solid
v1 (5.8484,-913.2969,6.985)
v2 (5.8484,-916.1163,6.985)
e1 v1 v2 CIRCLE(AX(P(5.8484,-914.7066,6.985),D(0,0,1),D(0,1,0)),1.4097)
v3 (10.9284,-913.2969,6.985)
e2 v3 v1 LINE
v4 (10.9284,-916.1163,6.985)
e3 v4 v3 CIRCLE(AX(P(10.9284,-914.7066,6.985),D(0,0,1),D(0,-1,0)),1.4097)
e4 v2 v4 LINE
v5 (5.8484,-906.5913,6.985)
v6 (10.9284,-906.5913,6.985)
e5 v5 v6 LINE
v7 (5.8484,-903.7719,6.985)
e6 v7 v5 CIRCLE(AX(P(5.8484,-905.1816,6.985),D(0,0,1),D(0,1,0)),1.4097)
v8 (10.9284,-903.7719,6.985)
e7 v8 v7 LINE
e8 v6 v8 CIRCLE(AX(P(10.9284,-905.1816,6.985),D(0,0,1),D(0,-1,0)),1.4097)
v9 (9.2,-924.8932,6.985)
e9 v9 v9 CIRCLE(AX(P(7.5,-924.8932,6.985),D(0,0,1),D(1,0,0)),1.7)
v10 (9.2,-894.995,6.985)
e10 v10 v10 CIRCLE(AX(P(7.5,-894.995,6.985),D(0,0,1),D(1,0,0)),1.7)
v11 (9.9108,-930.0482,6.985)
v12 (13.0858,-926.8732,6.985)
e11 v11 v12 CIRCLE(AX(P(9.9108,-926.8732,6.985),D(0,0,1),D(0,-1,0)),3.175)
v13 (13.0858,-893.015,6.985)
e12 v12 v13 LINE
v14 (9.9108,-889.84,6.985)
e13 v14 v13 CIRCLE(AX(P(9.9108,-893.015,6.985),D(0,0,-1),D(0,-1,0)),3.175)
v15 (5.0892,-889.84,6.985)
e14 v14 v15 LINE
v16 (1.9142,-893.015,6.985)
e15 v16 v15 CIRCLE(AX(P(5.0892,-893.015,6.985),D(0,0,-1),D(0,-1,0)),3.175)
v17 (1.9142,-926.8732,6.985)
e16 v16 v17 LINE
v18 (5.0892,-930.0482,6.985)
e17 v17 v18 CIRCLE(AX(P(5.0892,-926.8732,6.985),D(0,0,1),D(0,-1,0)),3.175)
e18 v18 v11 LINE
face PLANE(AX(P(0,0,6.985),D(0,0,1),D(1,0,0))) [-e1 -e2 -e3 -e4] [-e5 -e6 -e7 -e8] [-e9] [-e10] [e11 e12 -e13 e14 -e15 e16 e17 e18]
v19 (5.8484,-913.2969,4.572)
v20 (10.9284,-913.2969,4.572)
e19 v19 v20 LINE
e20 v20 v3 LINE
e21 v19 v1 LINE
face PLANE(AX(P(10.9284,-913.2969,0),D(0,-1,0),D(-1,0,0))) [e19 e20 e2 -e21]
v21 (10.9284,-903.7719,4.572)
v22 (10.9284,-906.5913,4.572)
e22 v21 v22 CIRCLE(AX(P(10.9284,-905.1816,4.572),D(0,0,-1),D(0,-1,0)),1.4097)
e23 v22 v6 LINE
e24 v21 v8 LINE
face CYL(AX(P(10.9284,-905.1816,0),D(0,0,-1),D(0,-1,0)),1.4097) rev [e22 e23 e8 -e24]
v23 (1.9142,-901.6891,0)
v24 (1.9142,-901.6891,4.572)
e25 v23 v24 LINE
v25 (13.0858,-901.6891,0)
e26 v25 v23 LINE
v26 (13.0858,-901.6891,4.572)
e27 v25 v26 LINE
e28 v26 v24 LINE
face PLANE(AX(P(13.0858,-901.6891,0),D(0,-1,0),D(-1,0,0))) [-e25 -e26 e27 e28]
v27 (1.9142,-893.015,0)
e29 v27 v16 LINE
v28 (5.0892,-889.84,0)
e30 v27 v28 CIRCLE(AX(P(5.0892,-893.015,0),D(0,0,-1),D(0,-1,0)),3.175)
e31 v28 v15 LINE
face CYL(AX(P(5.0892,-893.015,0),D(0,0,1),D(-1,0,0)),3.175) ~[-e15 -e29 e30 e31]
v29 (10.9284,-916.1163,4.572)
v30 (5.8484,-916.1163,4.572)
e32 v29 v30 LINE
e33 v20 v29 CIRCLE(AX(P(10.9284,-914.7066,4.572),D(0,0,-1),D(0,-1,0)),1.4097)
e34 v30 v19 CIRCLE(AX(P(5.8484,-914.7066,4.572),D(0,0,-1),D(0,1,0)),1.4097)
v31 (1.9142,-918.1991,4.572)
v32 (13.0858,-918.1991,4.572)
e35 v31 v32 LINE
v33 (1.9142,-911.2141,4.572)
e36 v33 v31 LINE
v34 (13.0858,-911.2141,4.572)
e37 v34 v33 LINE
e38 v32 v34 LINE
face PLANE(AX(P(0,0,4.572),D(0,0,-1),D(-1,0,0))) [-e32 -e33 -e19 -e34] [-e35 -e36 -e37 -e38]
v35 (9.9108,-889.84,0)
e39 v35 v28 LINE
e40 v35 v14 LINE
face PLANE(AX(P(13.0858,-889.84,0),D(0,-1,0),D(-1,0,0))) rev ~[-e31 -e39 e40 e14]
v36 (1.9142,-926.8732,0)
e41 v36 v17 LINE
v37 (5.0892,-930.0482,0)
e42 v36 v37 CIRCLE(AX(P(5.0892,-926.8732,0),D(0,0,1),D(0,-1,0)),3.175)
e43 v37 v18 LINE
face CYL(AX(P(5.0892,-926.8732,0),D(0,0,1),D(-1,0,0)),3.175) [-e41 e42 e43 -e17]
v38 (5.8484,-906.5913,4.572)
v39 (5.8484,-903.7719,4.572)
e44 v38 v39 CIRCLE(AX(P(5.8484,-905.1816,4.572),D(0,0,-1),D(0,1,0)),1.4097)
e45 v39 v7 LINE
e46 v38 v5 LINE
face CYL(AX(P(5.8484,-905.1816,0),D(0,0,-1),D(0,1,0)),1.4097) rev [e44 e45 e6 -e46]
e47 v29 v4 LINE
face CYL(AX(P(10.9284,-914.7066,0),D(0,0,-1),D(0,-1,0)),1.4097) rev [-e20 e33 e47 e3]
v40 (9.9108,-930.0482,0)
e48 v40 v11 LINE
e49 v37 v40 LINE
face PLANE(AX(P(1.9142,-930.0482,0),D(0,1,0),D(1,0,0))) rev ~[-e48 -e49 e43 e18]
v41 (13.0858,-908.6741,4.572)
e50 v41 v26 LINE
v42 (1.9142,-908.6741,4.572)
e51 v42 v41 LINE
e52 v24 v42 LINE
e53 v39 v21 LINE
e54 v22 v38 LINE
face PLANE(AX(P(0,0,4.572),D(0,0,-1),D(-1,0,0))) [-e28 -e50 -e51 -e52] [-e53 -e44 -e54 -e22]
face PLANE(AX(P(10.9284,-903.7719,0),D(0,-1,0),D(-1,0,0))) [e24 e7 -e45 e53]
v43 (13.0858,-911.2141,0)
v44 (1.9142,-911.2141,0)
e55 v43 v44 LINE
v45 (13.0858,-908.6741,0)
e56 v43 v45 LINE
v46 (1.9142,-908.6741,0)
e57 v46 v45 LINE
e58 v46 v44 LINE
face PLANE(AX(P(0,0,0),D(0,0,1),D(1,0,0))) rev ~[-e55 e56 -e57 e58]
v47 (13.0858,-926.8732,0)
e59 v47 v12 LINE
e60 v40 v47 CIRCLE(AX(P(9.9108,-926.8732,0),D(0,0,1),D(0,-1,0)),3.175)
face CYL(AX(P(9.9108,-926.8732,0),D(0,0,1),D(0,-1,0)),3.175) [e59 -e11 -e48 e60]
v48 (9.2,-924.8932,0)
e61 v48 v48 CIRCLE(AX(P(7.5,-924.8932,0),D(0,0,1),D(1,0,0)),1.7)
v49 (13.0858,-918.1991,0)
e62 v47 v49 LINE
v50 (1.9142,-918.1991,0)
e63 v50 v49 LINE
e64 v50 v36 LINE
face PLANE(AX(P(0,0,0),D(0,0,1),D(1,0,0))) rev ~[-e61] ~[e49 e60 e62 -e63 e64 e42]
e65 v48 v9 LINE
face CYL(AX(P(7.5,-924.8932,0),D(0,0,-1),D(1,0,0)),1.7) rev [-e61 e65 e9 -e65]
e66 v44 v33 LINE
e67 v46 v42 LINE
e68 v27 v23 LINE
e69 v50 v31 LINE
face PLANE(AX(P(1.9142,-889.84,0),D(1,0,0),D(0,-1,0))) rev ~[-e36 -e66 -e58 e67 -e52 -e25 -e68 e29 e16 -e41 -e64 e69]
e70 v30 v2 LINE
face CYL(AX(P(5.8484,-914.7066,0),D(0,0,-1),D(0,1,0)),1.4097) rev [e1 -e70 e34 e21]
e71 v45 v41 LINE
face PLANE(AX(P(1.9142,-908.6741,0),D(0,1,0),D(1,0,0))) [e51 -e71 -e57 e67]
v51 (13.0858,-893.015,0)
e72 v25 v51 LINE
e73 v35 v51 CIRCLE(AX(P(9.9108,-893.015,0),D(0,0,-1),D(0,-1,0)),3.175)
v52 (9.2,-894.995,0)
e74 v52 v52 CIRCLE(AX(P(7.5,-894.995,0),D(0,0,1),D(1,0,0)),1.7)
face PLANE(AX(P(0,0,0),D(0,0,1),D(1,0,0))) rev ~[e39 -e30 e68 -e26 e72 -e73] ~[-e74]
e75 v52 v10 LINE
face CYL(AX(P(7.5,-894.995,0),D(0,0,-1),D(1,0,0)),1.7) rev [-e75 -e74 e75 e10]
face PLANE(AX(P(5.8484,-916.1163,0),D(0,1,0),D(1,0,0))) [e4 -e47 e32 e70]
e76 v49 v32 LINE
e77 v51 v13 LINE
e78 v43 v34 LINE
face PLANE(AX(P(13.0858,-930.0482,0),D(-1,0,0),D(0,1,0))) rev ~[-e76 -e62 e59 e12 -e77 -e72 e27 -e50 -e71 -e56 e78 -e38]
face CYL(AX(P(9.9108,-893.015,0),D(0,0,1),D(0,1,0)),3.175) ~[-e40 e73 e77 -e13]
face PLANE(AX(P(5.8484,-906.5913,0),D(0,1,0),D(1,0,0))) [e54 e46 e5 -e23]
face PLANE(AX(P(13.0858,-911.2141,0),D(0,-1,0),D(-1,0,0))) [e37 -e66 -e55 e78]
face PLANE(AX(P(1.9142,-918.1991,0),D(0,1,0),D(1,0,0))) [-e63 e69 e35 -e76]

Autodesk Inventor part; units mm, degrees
ref_plane "YZ Plane" through (0, 0, 0) normal (1, 0, 0) x (0, 1, 0)
ref_plane "XZ Plane" through (0, 0, 0) normal (0, 1, 0) x (-1, 0, 0)
ref_plane "Work Plane1" through (0, 0, 0) normal (0, 0, 1) x (1, 0, 0)
ref_plane "Work Plane2" through (0, 0, 0) normal (0, 0, 1) x (1, 0, 0)
sketch "Sketch2" plane through (0, 0, 0) normal (0, 0, 1) x (1, 0, 0)
  line L0 (1.9142, -654.4) -> (1.9142, -1000) construction
  line L1 (13.0858, -1000) -> (13.0858, -654.4) construction
  line L2 (10.8204, -900) -> (1.905, -900) construction
  line L3 (1.1684, -919.8882) -> (10.8204, -919.8882) construction
  circle A0 centre (8.3884, -914.7066) radius 1.1938 construction
  circle A1 centre (8.3884, -905.1816) radius 1.1938 construction
  line L4 (1.9142, -930.0482) -> (13.0858, -930.0482)
  line L5 (13.0858, -930.0482) -> (13.0858, -889.84)
  line L6 (13.0858, -889.84) -> (1.9142, -889.84)
  line L7 (1.9142, -889.84) -> (1.9142, -930.0482)
  circle A2 centre (7.5, -924.8932) radius 1.7
  circle A3 centre (7.5, -894.995) radius 1.7
  circle A4 centre (5.8484, -914.7066) radius 1.4097 construction
  circle A5 centre (5.8484, -914.7066) radius 3.4925 construction
  circle A6 centre (10.9284, -914.7066) radius 1.4097 construction
  circle A7 centre (10.9284, -914.7066) radius 3.4925 construction
  line L8 (5.8484, -914.7066) -> (10.9284, -914.7066) construction
  line L9 (5.8484, -916.1163) -> (10.9284, -916.1163)
  line L10 (10.9284, -913.2969) -> (5.8484, -913.2969)
  arc A8 (5.8484, -913.2969) -> (5.8484, -916.1163) centre (5.8484, -914.7066) ccw
  arc A9 (10.9284, -916.1163) -> (10.9284, -913.2969) centre (10.9284, -914.7066) ccw
  circle A10 centre (10.9284, -905.1816) radius 1.4097 construction
  circle A11 centre (10.9284, -905.1816) radius 3.4925 construction
  line L11 (5.8484, -906.5913) -> (10.9284, -906.5913)
  line L12 (10.9284, -903.7719) -> (5.8484, -903.7719)
  arc A12 (5.8484, -903.7719) -> (5.8484, -906.5913) centre (5.8484, -905.1816) ccw
  arc A13 (10.9284, -906.5913) -> (10.9284, -903.7719) centre (10.9284, -905.1816) ccw
  point P0 (0, 0)
  dimension "d0" = 10.16
  dimension "d1" = 10.16
  dimension "d4" = 3.4
  dimension "d5" = 3.4
  dimension "d6" = 5.155
  dimension "d7" = 5.155
  dimension "d8" = 2.8194
  dimension "d9" = 2.54
  dimension "d10" = 6.985
  dimension "d11" = 2.8194
  dimension "d12" = 6.985
  dimension "d13" = 2.54
  dimension "d14" = 2.8194
  dimension "d15" = 2.8194
  dimension "d16" = 6.985
  dimension "d17" = 2.8194
ref_plane "Work Plane3" through (6.6548, -916.4402, 6.985) normal (0, 0, -1) x (0, 1, 0)
extrude "Extrusion1" add sketch "Sketch2" along normal up to surface (6.985 mm away)
sketch "Sketch3" plane through (0, 0, 0) normal (0, 0, -1) x (-1, 0, 0)
  arc A0 (-5.8484, -906.5913) -> (-5.8484, -903.7719) centre (-5.8484, -905.1816) ccw construction
  arc A1 (-10.9284, -903.7719) -> (-10.9284, -906.5913) centre (-10.9284, -905.1816) ccw construction
  line L0 (-5.8484, -905.1816) -> (-10.9284, -905.1816) construction
  line L1 (-10.9284, -906.5913) -> (-5.8484, -906.5913) construction
  line L2 (-8.3884, -906.5913) -> (-8.3884, -903.7719) construction
  line L3 (-5.8484, -913.2969) -> (-10.9284, -913.2969) construction
  line L4 (-8.3884, -913.2969) -> (-8.3884, -916.1163) construction
  line L5 (-10.9284, -916.1163) -> (-5.8484, -916.1163) construction
  arc A2 (-5.8484, -916.1163) -> (-5.8484, -913.2969) centre (-5.8484, -914.7066) ccw construction
  arc A3 (-10.9284, -913.2969) -> (-10.9284, -916.1163) centre (-10.9284, -914.7066) ccw construction
  line L6 (-5.8484, -914.7066) -> (-10.9284, -914.7066) construction
  line L7 (-13.0858, -930.0482) -> (-13.0858, -889.84) projected
  line L8 (-1.9142, -908.6741) -> (-13.0858, -908.6741)
  line L9 (-13.0858, -908.6741) -> (-13.0858, -901.6891)
  line L10 (-13.0858, -901.6891) -> (-1.9142, -901.6891)
  line L11 (-3.6909, -908.6741) -> (-13.0858, -901.6891) construction
  line L12 (-13.0858, -908.6741) -> (-3.6909, -901.6891) construction
  line L13 (-1.9142, -889.84) -> (-1.9142, -930.0482) construction
  line L14 (-1.9142, -901.6891) -> (-1.9142, -908.6741)
  line L15 (-1.9142, -889.84) -> (-1.9142, -930.0482) projected
  line L16 (-1.9142, -918.1991) -> (-13.0858, -918.1991)
  line L17 (-13.0858, -918.1991) -> (-13.0858, -911.2141)
  line L18 (-13.0858, -911.2141) -> (-1.9142, -911.2141)
  line L19 (-1.9142, -911.2141) -> (-1.9142, -918.1991)
  point P0 (0, 0)
  point P1 (-8.3884, -905.1816)
  dimension "d20" = 6.985
  dimension "d21" = 6.985
extrude "Nut Well" cut sketch "Sketch3" against normal blind 4.572 contours L7 L18 L15 L16 | L7 L10 L14 L8
fillet "Fillet1" radius 3.175 4 edges at (13.0858, -889.84, 3.4925) (13.0858, -930.0482, 3.4925) (1.9142, -930.0482, 3.4925) (1.9142, -889.84, 3.4925)
equation "\"d1\" = d0"
equation "\"d7\" = d6"
properties part number "Limit swtich mount bottom"
